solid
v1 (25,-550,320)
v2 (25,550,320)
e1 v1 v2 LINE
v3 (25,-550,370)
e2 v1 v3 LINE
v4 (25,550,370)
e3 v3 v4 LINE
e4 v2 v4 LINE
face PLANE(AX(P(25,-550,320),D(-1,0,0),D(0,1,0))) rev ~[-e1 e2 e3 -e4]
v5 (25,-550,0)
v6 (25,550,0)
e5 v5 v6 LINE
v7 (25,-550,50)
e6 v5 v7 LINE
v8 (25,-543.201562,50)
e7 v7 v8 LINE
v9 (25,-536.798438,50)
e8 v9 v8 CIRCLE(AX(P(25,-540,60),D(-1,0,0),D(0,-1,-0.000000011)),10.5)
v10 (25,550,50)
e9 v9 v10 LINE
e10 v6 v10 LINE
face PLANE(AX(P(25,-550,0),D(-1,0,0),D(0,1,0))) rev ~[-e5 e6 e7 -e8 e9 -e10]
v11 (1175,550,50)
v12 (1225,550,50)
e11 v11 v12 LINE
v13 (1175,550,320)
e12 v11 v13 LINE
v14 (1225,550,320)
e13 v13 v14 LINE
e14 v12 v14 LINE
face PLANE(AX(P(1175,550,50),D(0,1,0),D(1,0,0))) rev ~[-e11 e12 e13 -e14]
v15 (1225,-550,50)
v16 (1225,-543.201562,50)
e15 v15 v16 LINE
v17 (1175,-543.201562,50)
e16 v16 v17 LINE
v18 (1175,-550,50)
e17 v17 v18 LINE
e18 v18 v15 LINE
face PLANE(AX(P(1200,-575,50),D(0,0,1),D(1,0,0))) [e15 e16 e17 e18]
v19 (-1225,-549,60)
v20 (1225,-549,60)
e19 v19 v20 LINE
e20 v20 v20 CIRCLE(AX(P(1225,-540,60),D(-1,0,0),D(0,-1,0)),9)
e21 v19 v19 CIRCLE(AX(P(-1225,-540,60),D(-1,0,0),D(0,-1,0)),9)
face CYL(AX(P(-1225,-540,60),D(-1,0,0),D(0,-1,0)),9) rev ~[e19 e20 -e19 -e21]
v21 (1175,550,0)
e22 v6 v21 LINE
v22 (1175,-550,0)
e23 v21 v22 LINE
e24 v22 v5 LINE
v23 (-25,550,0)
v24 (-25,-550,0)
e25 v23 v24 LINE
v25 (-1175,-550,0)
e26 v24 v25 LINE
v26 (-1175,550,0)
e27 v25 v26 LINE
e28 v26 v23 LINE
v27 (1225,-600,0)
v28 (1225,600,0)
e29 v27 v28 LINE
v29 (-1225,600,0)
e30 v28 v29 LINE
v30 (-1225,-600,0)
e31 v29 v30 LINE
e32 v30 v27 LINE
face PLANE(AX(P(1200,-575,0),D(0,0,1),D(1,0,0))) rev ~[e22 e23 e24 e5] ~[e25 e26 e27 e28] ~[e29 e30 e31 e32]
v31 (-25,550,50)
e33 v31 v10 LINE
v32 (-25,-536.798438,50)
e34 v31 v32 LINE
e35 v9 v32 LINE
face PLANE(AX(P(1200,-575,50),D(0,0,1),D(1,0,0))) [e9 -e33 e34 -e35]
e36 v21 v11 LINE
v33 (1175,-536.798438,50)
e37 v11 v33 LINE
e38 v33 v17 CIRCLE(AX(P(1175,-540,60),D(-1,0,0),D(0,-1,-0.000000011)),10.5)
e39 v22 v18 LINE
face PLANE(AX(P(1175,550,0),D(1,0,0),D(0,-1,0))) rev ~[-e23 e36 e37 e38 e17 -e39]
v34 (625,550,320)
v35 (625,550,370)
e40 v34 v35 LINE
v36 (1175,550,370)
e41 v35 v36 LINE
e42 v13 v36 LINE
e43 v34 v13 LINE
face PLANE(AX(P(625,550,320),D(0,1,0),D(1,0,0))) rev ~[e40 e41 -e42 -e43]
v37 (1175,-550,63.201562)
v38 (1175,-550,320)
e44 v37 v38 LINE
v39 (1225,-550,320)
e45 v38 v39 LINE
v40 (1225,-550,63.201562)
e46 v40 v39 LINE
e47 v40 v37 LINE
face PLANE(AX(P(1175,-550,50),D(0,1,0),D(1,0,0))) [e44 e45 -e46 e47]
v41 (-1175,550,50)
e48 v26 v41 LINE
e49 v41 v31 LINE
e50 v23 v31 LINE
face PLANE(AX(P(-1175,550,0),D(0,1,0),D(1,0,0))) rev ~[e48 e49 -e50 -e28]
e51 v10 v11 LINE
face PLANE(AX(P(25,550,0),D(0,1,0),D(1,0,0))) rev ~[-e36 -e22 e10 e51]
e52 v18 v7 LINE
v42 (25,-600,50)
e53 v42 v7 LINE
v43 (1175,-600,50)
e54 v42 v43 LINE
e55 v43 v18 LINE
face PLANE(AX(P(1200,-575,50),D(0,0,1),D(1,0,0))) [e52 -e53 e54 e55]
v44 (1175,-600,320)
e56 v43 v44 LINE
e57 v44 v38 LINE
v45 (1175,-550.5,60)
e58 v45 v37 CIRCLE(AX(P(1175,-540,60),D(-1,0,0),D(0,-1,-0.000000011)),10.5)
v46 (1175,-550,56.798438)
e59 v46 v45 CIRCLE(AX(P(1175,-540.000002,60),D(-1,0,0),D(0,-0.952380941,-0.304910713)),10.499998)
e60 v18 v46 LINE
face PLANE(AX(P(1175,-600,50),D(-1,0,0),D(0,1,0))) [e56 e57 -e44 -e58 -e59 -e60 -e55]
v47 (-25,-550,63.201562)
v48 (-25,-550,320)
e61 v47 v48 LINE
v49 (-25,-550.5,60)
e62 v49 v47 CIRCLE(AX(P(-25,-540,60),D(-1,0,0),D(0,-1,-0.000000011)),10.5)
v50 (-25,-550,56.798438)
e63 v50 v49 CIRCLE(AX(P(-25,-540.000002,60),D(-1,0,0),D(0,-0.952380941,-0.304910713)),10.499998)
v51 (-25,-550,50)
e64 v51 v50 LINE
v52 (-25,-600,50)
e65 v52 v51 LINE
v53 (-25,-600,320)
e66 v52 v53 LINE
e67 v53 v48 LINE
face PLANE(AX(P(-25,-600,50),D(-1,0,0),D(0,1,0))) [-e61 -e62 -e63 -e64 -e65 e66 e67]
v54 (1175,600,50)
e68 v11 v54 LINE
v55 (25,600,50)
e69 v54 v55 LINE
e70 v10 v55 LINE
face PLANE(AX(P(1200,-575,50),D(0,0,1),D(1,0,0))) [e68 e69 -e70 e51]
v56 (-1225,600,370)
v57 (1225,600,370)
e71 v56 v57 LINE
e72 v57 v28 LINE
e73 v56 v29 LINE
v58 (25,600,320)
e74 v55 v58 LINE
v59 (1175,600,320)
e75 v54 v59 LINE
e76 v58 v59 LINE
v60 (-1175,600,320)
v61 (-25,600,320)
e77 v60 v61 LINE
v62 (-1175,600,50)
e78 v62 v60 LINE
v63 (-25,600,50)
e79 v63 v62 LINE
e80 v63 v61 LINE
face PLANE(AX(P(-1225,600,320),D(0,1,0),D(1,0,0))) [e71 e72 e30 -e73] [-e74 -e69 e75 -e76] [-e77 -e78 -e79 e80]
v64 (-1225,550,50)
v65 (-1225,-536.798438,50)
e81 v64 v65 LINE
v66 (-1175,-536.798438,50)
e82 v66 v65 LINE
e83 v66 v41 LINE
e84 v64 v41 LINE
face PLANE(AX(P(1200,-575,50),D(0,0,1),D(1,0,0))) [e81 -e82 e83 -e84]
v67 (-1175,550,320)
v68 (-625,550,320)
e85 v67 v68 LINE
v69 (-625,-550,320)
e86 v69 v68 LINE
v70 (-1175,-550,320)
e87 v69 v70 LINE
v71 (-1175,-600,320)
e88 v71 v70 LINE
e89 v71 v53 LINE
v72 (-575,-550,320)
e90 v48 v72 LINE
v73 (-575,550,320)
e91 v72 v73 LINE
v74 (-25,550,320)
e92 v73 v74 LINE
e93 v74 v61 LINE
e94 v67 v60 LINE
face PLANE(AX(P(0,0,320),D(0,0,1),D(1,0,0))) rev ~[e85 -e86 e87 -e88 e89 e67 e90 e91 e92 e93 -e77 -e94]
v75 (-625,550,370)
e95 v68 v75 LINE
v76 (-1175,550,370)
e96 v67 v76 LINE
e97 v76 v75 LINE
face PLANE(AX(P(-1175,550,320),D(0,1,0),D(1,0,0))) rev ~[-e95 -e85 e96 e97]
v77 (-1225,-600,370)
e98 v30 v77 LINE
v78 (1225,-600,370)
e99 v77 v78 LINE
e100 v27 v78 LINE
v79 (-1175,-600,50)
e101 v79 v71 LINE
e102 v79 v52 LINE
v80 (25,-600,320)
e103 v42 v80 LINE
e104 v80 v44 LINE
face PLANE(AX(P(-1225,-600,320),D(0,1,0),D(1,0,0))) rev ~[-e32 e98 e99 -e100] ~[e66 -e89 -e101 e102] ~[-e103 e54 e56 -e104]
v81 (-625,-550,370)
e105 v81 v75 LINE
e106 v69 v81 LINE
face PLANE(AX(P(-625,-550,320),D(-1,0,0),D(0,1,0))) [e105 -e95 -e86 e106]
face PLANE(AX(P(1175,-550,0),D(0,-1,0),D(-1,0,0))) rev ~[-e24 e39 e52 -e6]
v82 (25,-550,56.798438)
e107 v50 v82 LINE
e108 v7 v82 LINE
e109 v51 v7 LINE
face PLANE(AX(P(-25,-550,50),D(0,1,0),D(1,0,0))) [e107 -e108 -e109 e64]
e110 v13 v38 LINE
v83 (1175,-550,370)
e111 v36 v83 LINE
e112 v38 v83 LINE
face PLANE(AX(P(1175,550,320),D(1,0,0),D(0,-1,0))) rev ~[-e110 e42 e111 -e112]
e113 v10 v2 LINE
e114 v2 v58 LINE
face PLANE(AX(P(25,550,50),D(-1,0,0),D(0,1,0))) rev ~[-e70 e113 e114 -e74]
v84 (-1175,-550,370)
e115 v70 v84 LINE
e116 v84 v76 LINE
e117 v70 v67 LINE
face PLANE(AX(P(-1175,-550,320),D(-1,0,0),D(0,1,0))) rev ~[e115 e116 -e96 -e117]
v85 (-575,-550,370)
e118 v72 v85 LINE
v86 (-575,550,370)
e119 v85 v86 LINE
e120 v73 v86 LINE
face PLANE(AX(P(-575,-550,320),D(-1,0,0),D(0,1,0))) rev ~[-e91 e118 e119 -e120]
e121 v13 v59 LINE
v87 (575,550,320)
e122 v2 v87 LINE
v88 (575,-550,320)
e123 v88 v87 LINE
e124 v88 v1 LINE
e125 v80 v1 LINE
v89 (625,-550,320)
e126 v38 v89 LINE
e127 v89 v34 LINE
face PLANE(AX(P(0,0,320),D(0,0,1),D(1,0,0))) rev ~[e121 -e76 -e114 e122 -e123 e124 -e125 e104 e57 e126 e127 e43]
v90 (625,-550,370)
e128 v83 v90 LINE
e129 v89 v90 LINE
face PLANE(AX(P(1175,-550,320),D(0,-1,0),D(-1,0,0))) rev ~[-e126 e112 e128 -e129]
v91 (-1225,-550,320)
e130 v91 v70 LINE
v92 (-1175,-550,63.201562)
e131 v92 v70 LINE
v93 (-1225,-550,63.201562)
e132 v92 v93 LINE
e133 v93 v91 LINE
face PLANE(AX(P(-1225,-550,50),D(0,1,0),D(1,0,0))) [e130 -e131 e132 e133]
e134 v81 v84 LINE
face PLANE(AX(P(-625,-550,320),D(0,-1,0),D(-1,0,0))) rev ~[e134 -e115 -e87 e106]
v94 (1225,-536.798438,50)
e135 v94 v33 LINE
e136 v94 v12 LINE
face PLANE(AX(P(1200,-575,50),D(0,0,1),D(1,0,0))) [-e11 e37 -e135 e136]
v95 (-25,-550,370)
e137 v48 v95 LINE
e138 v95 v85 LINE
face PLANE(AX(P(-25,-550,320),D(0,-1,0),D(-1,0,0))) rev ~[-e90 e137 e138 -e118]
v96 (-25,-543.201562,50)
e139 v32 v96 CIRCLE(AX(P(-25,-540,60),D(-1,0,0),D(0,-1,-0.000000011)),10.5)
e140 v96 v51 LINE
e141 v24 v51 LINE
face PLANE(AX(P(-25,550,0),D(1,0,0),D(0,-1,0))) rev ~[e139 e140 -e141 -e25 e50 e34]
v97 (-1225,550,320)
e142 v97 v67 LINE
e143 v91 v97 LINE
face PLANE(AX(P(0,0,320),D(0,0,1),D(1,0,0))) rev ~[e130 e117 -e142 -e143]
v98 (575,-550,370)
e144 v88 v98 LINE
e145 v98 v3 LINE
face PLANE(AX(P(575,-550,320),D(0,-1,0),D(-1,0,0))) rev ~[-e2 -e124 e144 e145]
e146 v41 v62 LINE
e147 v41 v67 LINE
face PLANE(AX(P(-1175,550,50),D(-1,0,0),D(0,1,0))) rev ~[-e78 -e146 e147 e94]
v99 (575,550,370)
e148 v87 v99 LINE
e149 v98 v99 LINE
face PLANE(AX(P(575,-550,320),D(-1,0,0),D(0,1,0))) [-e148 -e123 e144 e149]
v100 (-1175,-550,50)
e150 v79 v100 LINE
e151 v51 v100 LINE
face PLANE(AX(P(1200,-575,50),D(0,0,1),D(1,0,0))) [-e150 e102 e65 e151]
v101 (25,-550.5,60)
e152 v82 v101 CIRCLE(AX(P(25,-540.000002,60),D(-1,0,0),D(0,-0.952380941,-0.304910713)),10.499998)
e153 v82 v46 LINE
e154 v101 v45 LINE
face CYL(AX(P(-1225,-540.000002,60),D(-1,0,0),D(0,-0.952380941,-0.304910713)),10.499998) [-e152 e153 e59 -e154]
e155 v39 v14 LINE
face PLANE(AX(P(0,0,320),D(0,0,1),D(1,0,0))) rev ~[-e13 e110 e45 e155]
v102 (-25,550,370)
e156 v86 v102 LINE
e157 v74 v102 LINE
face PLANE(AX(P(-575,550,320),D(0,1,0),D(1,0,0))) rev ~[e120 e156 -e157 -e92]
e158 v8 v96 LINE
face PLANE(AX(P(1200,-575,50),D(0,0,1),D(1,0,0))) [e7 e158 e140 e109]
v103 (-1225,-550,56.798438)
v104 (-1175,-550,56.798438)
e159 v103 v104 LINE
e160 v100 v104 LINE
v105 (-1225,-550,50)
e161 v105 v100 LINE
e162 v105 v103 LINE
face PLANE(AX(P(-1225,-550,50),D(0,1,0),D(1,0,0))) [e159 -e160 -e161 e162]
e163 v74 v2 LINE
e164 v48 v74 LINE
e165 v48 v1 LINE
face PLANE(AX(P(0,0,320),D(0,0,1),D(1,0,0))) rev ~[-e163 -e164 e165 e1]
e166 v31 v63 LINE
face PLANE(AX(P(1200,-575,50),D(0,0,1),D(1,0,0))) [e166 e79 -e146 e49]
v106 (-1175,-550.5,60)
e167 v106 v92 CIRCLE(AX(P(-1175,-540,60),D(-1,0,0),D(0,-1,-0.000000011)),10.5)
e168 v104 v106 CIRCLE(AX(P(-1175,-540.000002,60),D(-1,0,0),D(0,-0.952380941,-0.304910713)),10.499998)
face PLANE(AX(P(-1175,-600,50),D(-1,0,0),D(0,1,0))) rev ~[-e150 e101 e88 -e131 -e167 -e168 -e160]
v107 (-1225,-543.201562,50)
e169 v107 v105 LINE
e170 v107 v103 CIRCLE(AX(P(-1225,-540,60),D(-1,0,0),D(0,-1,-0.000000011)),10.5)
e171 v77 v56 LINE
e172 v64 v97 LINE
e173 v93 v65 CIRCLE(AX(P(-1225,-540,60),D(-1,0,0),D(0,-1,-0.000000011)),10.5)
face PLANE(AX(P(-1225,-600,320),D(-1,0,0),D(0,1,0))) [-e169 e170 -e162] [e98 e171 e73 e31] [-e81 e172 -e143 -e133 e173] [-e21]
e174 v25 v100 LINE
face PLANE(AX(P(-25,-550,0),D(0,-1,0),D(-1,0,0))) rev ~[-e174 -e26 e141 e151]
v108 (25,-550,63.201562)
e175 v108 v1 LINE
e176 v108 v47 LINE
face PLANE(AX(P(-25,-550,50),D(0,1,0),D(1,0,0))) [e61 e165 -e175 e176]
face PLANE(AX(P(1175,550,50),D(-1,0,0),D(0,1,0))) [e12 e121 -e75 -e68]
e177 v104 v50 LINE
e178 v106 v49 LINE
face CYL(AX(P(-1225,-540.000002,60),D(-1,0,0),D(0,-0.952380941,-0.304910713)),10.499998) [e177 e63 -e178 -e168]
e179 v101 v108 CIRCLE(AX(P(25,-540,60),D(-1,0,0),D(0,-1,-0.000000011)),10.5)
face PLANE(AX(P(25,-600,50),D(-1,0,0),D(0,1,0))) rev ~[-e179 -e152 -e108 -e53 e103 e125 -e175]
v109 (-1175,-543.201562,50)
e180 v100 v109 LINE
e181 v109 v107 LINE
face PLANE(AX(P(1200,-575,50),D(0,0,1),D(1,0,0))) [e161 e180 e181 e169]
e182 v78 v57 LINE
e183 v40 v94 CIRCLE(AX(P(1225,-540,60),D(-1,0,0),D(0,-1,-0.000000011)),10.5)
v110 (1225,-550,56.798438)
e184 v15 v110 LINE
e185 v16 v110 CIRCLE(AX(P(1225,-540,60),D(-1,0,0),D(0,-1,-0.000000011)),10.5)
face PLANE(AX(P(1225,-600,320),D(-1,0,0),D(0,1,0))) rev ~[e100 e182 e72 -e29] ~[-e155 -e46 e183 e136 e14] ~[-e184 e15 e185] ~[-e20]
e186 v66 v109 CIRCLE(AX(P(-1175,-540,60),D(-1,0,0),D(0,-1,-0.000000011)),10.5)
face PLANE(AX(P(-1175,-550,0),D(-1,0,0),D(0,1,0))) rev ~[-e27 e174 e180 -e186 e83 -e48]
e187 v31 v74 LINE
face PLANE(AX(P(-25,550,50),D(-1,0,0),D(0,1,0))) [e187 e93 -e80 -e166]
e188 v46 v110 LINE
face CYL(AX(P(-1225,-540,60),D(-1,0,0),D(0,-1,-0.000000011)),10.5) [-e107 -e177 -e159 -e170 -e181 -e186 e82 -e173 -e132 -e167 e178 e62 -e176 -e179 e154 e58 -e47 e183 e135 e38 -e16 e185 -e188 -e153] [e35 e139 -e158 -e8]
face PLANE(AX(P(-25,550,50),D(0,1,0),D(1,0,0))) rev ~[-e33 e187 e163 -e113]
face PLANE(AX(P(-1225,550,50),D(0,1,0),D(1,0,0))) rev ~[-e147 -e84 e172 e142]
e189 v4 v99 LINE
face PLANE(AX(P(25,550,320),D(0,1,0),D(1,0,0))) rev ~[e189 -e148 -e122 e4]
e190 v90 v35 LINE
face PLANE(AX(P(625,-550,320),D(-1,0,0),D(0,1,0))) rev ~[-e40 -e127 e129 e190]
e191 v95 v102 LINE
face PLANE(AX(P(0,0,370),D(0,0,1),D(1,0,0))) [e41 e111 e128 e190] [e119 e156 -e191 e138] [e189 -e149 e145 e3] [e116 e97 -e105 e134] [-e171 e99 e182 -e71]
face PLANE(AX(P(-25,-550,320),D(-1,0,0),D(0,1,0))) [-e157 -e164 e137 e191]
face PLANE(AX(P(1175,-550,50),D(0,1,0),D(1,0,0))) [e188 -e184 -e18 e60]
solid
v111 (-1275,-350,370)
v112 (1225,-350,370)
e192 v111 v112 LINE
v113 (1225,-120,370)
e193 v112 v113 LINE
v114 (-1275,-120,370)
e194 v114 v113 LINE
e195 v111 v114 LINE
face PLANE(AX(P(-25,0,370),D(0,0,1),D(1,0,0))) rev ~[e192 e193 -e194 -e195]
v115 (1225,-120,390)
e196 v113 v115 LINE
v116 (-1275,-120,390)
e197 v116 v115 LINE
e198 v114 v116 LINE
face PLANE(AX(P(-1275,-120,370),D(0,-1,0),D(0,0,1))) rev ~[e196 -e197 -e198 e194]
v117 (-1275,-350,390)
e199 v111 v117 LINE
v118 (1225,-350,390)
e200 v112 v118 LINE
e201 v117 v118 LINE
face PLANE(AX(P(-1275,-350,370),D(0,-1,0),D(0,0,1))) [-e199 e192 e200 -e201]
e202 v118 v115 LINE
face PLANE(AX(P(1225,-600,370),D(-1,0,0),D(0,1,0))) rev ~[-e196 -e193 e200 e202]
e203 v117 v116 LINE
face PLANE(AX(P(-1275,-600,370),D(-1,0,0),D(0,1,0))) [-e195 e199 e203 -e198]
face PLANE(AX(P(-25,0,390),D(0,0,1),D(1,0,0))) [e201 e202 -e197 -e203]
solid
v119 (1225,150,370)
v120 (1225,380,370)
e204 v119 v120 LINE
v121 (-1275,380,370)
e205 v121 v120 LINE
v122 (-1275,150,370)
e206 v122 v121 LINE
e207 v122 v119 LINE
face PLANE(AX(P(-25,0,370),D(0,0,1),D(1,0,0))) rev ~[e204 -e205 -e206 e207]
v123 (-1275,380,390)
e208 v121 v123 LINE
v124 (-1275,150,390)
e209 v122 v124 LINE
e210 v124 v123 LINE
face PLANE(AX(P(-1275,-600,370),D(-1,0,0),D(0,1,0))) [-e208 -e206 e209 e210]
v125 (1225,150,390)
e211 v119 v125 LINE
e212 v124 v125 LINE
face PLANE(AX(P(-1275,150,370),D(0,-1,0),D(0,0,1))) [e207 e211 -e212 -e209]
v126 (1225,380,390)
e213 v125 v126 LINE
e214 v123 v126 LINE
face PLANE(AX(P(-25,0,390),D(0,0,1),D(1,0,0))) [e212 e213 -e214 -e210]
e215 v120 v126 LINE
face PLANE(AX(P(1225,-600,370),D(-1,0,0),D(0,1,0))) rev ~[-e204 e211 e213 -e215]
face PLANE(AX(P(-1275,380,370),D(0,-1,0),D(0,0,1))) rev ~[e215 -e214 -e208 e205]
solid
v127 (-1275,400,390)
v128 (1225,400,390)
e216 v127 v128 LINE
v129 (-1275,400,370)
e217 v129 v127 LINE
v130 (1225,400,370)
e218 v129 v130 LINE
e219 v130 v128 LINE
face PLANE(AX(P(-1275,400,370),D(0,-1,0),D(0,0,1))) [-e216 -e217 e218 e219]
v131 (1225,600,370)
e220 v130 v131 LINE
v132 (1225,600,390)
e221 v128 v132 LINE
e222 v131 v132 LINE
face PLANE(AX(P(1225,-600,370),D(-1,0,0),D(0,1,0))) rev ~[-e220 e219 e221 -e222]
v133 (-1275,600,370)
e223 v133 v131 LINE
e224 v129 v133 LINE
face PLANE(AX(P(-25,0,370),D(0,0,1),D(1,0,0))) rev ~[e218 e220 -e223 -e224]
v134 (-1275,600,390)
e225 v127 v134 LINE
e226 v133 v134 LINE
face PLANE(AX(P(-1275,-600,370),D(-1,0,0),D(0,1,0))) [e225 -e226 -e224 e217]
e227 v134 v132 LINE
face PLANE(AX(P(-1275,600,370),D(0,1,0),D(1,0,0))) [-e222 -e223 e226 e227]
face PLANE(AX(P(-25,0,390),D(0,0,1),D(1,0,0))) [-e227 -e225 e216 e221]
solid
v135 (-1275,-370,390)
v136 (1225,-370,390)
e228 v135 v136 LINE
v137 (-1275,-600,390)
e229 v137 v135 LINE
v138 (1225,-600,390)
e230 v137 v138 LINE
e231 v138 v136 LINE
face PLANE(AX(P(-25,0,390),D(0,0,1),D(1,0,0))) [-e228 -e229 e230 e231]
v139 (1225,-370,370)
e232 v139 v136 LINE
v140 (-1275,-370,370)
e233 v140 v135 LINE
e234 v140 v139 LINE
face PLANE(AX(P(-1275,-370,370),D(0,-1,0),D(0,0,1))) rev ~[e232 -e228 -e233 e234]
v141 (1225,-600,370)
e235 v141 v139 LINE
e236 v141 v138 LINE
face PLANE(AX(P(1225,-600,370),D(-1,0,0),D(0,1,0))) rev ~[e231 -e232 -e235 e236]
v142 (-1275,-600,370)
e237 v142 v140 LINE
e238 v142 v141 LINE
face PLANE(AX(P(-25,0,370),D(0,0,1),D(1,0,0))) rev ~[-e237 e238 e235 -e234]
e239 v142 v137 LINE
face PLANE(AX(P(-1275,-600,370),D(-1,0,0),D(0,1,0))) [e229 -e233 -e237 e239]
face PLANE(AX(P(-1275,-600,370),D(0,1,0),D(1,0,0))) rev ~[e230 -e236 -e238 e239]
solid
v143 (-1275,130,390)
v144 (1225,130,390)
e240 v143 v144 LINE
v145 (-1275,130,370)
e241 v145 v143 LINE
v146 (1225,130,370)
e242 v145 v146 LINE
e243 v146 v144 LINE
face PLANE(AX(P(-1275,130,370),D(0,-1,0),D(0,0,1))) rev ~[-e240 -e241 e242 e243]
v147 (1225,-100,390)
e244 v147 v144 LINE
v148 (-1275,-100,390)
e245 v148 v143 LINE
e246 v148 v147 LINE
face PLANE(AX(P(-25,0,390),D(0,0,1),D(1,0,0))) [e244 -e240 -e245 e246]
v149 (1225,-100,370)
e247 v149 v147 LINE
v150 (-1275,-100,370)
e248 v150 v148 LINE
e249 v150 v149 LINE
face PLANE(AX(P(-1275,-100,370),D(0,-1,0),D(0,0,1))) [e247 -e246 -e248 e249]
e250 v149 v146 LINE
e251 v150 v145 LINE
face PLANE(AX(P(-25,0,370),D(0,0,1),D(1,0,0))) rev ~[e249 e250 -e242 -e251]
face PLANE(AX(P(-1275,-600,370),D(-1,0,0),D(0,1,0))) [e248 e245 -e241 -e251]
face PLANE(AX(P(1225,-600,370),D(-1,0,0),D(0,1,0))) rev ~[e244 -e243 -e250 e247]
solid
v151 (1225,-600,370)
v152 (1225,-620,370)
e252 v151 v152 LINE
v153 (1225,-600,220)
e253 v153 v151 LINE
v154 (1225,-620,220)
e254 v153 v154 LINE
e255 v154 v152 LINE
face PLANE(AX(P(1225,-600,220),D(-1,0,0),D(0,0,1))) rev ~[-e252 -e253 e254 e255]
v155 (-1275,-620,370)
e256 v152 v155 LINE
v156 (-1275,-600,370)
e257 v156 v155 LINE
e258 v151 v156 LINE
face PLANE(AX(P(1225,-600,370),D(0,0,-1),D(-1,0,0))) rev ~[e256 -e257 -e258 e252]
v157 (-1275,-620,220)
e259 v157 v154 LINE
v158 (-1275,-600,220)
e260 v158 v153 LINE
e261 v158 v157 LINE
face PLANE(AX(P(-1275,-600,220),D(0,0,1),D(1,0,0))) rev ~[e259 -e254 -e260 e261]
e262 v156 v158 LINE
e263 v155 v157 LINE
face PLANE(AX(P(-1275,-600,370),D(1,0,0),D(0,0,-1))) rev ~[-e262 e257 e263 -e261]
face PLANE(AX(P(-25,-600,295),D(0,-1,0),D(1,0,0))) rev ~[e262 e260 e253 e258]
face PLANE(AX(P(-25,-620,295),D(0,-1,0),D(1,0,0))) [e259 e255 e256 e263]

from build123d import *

# Parameters (mm, degrees)
F0_W      = 50
F0_H      = 50
F0_H_2    = 1100
F1_DEPTH  = 50
F2_W      = 50
F2_H      = 50
F3_DEPTH  = 270
F4_W      = 2450
F4_H      = 1200
F4_W_2    = 25
F4_H_2    = 1100
F4_W_3    = 50
F5_DEPTH  = 50
F6_R      = 9
F7_DEPTH  = 2450
F9_DEPTH  = 20
F10_W     = 2500
F10_H     = 1200
F11_DEPTH = 20
F12_W     = 20
F12_H     = 20
F13_DEPTH = 2500


with BuildPart() as f1:
    # F0 (on Top) → F1 (new body)
    with BuildSketch(Plane.XY):
        with Locations((1200, -575)):
            Rectangle(F0_W, F0_H)
        Polygon((-1175, -600), (1175, -600), (1175, -550), (25, -550), (0, -550), (-25, -550), (-1175, -550), align=None)
        with Locations((1200, 0)):
            Rectangle(F0_W, F0_H_2)
        with Locations((-1200, -575)):
            Rectangle(F0_W, F0_H)
        with Locations((1200, 575)):
            Rectangle(F0_W, F0_H)
        with Locations((-1200, 0)):
            Rectangle(F0_W, F0_H_2)
        Polygon((25, 550), (1175, 550), (1175, 600), (-1175, 600), (-1175, 550), (-25, 550), (0, 550), align=None)
        with Locations((-1200, 575)):
            Rectangle(F0_W, F0_H)
        Polygon((0, -550), (25, -550), (25, 0), (25, 550), (0, 550), (0, 0), align=None)
        Polygon((-25, 0), (-25, -550), (0, -550), (0, 0), (0, 550), (-25, 550), align=None)
    extrude(amount=F1_DEPTH)

    # F2 (on face) → F3 (join)
    with BuildSketch(Plane.XY.offset(50)):
        with Locations((0, 575)):
            Rectangle(F2_W, F2_H)
        with Locations((-1200, 575)):
            Rectangle(F2_W, F2_H)
        with Locations((-1200, -575)):
            Rectangle(F2_W, F2_H)
        with Locations((0, -575)):
            Rectangle(F2_W, F2_H)
        with Locations((1200, -575)):
            Rectangle(F2_W, F2_H)
        with Locations((1200, 575)):
            Rectangle(F2_W, F2_H)
    extrude(amount=F3_DEPTH)

    # F4 (on face) → F5 (join)
    with BuildSketch(Plane.XY.offset(320)):
        Rectangle(F4_W, F4_H)
        Polygon((1175, 550), (1175, -550), (625, -550), (600, -550), (575, -550), (25, -550), (-25, -550), (-575, -550), (-600, -550), (-625, -550), (-1175, -550), (-1175, 550), (-625, 550), (-600, 550), (-575, 550), (-25, 550), (25, 550), (575, 550), (600, 550), (625, 550), align=None, mode=Mode.SUBTRACT)
        with Locations((-587.5, 0)):
            Rectangle(F4_W_2, F4_H_2)
        with Locations((-612.5, 0)):
            Rectangle(F4_W_2, F4_H_2)
        with Locations((612.5, 0)):
            Rectangle(F4_W_2, F4_H_2)
        with Locations((587.5, 0)):
            Rectangle(F4_W_2, F4_H_2)
        Rectangle(F4_W_3, F4_H_2)
    extrude(amount=F5_DEPTH)

    # F6 (on face) → F7 (join)
    with BuildSketch(Plane(origin=(-1225, 0, 0), x_dir=(0, -1, 0), z_dir=(-1, 0, 0))):
        with Locations((540, 60)):
            Circle(F6_R)
        with BuildLine():
            ThreePointArc((550.5, 60), (529.625753, 61.620185), (550, 56.798438))
            ThreePointArc((550, 56.798438), (550.374247, 58.379815), (550.5, 60))
        make_face()
        with Locations((540, 60)):
            Circle(F6_R, mode=Mode.SUBTRACT)
    extrude(amount=-F7_DEPTH)


with BuildPart() as f9:
    # F8 (on face) → F9 (new body)
    with BuildSketch(Plane.XZ.offset(600)):
        Polygon((1225, 220), (1225, 370), (-1225, 370), (-1275, 370), (-1275, 220), align=None)
    extrude(amount=F9_DEPTH)


with BuildPart() as f11:
    # F10 (on face) → F11 (new body)
    with BuildSketch(Plane.XY.offset(370)):
        with Locations((-25, 0)):
            Rectangle(F10_W, F10_H)
    extrude(amount=F11_DEPTH)

    # F12 (on face) → F13 (cut, through all)
    with BuildSketch(Plane(origin=(-1275, 0, 0), x_dir=(0, -1, 0), z_dir=(-1, 0, 0))):
        with Locations((610, 380)):
            Rectangle(F12_W, F12_H)
        with Locations((360, 380)):
            Rectangle(F12_W, F12_H)
        with Locations((110, 380)):
            Rectangle(F12_W, F12_H)
        with Locations((-140, 380)):
            Rectangle(F12_W, F12_H)
        with Locations((-390, 380)):
            Rectangle(F12_W, F12_H)
    extrude(amount=-F13_DEPTH, mode=Mode.SUBTRACT)


solid = Compound([f1.part, f9.part, f11.part])
